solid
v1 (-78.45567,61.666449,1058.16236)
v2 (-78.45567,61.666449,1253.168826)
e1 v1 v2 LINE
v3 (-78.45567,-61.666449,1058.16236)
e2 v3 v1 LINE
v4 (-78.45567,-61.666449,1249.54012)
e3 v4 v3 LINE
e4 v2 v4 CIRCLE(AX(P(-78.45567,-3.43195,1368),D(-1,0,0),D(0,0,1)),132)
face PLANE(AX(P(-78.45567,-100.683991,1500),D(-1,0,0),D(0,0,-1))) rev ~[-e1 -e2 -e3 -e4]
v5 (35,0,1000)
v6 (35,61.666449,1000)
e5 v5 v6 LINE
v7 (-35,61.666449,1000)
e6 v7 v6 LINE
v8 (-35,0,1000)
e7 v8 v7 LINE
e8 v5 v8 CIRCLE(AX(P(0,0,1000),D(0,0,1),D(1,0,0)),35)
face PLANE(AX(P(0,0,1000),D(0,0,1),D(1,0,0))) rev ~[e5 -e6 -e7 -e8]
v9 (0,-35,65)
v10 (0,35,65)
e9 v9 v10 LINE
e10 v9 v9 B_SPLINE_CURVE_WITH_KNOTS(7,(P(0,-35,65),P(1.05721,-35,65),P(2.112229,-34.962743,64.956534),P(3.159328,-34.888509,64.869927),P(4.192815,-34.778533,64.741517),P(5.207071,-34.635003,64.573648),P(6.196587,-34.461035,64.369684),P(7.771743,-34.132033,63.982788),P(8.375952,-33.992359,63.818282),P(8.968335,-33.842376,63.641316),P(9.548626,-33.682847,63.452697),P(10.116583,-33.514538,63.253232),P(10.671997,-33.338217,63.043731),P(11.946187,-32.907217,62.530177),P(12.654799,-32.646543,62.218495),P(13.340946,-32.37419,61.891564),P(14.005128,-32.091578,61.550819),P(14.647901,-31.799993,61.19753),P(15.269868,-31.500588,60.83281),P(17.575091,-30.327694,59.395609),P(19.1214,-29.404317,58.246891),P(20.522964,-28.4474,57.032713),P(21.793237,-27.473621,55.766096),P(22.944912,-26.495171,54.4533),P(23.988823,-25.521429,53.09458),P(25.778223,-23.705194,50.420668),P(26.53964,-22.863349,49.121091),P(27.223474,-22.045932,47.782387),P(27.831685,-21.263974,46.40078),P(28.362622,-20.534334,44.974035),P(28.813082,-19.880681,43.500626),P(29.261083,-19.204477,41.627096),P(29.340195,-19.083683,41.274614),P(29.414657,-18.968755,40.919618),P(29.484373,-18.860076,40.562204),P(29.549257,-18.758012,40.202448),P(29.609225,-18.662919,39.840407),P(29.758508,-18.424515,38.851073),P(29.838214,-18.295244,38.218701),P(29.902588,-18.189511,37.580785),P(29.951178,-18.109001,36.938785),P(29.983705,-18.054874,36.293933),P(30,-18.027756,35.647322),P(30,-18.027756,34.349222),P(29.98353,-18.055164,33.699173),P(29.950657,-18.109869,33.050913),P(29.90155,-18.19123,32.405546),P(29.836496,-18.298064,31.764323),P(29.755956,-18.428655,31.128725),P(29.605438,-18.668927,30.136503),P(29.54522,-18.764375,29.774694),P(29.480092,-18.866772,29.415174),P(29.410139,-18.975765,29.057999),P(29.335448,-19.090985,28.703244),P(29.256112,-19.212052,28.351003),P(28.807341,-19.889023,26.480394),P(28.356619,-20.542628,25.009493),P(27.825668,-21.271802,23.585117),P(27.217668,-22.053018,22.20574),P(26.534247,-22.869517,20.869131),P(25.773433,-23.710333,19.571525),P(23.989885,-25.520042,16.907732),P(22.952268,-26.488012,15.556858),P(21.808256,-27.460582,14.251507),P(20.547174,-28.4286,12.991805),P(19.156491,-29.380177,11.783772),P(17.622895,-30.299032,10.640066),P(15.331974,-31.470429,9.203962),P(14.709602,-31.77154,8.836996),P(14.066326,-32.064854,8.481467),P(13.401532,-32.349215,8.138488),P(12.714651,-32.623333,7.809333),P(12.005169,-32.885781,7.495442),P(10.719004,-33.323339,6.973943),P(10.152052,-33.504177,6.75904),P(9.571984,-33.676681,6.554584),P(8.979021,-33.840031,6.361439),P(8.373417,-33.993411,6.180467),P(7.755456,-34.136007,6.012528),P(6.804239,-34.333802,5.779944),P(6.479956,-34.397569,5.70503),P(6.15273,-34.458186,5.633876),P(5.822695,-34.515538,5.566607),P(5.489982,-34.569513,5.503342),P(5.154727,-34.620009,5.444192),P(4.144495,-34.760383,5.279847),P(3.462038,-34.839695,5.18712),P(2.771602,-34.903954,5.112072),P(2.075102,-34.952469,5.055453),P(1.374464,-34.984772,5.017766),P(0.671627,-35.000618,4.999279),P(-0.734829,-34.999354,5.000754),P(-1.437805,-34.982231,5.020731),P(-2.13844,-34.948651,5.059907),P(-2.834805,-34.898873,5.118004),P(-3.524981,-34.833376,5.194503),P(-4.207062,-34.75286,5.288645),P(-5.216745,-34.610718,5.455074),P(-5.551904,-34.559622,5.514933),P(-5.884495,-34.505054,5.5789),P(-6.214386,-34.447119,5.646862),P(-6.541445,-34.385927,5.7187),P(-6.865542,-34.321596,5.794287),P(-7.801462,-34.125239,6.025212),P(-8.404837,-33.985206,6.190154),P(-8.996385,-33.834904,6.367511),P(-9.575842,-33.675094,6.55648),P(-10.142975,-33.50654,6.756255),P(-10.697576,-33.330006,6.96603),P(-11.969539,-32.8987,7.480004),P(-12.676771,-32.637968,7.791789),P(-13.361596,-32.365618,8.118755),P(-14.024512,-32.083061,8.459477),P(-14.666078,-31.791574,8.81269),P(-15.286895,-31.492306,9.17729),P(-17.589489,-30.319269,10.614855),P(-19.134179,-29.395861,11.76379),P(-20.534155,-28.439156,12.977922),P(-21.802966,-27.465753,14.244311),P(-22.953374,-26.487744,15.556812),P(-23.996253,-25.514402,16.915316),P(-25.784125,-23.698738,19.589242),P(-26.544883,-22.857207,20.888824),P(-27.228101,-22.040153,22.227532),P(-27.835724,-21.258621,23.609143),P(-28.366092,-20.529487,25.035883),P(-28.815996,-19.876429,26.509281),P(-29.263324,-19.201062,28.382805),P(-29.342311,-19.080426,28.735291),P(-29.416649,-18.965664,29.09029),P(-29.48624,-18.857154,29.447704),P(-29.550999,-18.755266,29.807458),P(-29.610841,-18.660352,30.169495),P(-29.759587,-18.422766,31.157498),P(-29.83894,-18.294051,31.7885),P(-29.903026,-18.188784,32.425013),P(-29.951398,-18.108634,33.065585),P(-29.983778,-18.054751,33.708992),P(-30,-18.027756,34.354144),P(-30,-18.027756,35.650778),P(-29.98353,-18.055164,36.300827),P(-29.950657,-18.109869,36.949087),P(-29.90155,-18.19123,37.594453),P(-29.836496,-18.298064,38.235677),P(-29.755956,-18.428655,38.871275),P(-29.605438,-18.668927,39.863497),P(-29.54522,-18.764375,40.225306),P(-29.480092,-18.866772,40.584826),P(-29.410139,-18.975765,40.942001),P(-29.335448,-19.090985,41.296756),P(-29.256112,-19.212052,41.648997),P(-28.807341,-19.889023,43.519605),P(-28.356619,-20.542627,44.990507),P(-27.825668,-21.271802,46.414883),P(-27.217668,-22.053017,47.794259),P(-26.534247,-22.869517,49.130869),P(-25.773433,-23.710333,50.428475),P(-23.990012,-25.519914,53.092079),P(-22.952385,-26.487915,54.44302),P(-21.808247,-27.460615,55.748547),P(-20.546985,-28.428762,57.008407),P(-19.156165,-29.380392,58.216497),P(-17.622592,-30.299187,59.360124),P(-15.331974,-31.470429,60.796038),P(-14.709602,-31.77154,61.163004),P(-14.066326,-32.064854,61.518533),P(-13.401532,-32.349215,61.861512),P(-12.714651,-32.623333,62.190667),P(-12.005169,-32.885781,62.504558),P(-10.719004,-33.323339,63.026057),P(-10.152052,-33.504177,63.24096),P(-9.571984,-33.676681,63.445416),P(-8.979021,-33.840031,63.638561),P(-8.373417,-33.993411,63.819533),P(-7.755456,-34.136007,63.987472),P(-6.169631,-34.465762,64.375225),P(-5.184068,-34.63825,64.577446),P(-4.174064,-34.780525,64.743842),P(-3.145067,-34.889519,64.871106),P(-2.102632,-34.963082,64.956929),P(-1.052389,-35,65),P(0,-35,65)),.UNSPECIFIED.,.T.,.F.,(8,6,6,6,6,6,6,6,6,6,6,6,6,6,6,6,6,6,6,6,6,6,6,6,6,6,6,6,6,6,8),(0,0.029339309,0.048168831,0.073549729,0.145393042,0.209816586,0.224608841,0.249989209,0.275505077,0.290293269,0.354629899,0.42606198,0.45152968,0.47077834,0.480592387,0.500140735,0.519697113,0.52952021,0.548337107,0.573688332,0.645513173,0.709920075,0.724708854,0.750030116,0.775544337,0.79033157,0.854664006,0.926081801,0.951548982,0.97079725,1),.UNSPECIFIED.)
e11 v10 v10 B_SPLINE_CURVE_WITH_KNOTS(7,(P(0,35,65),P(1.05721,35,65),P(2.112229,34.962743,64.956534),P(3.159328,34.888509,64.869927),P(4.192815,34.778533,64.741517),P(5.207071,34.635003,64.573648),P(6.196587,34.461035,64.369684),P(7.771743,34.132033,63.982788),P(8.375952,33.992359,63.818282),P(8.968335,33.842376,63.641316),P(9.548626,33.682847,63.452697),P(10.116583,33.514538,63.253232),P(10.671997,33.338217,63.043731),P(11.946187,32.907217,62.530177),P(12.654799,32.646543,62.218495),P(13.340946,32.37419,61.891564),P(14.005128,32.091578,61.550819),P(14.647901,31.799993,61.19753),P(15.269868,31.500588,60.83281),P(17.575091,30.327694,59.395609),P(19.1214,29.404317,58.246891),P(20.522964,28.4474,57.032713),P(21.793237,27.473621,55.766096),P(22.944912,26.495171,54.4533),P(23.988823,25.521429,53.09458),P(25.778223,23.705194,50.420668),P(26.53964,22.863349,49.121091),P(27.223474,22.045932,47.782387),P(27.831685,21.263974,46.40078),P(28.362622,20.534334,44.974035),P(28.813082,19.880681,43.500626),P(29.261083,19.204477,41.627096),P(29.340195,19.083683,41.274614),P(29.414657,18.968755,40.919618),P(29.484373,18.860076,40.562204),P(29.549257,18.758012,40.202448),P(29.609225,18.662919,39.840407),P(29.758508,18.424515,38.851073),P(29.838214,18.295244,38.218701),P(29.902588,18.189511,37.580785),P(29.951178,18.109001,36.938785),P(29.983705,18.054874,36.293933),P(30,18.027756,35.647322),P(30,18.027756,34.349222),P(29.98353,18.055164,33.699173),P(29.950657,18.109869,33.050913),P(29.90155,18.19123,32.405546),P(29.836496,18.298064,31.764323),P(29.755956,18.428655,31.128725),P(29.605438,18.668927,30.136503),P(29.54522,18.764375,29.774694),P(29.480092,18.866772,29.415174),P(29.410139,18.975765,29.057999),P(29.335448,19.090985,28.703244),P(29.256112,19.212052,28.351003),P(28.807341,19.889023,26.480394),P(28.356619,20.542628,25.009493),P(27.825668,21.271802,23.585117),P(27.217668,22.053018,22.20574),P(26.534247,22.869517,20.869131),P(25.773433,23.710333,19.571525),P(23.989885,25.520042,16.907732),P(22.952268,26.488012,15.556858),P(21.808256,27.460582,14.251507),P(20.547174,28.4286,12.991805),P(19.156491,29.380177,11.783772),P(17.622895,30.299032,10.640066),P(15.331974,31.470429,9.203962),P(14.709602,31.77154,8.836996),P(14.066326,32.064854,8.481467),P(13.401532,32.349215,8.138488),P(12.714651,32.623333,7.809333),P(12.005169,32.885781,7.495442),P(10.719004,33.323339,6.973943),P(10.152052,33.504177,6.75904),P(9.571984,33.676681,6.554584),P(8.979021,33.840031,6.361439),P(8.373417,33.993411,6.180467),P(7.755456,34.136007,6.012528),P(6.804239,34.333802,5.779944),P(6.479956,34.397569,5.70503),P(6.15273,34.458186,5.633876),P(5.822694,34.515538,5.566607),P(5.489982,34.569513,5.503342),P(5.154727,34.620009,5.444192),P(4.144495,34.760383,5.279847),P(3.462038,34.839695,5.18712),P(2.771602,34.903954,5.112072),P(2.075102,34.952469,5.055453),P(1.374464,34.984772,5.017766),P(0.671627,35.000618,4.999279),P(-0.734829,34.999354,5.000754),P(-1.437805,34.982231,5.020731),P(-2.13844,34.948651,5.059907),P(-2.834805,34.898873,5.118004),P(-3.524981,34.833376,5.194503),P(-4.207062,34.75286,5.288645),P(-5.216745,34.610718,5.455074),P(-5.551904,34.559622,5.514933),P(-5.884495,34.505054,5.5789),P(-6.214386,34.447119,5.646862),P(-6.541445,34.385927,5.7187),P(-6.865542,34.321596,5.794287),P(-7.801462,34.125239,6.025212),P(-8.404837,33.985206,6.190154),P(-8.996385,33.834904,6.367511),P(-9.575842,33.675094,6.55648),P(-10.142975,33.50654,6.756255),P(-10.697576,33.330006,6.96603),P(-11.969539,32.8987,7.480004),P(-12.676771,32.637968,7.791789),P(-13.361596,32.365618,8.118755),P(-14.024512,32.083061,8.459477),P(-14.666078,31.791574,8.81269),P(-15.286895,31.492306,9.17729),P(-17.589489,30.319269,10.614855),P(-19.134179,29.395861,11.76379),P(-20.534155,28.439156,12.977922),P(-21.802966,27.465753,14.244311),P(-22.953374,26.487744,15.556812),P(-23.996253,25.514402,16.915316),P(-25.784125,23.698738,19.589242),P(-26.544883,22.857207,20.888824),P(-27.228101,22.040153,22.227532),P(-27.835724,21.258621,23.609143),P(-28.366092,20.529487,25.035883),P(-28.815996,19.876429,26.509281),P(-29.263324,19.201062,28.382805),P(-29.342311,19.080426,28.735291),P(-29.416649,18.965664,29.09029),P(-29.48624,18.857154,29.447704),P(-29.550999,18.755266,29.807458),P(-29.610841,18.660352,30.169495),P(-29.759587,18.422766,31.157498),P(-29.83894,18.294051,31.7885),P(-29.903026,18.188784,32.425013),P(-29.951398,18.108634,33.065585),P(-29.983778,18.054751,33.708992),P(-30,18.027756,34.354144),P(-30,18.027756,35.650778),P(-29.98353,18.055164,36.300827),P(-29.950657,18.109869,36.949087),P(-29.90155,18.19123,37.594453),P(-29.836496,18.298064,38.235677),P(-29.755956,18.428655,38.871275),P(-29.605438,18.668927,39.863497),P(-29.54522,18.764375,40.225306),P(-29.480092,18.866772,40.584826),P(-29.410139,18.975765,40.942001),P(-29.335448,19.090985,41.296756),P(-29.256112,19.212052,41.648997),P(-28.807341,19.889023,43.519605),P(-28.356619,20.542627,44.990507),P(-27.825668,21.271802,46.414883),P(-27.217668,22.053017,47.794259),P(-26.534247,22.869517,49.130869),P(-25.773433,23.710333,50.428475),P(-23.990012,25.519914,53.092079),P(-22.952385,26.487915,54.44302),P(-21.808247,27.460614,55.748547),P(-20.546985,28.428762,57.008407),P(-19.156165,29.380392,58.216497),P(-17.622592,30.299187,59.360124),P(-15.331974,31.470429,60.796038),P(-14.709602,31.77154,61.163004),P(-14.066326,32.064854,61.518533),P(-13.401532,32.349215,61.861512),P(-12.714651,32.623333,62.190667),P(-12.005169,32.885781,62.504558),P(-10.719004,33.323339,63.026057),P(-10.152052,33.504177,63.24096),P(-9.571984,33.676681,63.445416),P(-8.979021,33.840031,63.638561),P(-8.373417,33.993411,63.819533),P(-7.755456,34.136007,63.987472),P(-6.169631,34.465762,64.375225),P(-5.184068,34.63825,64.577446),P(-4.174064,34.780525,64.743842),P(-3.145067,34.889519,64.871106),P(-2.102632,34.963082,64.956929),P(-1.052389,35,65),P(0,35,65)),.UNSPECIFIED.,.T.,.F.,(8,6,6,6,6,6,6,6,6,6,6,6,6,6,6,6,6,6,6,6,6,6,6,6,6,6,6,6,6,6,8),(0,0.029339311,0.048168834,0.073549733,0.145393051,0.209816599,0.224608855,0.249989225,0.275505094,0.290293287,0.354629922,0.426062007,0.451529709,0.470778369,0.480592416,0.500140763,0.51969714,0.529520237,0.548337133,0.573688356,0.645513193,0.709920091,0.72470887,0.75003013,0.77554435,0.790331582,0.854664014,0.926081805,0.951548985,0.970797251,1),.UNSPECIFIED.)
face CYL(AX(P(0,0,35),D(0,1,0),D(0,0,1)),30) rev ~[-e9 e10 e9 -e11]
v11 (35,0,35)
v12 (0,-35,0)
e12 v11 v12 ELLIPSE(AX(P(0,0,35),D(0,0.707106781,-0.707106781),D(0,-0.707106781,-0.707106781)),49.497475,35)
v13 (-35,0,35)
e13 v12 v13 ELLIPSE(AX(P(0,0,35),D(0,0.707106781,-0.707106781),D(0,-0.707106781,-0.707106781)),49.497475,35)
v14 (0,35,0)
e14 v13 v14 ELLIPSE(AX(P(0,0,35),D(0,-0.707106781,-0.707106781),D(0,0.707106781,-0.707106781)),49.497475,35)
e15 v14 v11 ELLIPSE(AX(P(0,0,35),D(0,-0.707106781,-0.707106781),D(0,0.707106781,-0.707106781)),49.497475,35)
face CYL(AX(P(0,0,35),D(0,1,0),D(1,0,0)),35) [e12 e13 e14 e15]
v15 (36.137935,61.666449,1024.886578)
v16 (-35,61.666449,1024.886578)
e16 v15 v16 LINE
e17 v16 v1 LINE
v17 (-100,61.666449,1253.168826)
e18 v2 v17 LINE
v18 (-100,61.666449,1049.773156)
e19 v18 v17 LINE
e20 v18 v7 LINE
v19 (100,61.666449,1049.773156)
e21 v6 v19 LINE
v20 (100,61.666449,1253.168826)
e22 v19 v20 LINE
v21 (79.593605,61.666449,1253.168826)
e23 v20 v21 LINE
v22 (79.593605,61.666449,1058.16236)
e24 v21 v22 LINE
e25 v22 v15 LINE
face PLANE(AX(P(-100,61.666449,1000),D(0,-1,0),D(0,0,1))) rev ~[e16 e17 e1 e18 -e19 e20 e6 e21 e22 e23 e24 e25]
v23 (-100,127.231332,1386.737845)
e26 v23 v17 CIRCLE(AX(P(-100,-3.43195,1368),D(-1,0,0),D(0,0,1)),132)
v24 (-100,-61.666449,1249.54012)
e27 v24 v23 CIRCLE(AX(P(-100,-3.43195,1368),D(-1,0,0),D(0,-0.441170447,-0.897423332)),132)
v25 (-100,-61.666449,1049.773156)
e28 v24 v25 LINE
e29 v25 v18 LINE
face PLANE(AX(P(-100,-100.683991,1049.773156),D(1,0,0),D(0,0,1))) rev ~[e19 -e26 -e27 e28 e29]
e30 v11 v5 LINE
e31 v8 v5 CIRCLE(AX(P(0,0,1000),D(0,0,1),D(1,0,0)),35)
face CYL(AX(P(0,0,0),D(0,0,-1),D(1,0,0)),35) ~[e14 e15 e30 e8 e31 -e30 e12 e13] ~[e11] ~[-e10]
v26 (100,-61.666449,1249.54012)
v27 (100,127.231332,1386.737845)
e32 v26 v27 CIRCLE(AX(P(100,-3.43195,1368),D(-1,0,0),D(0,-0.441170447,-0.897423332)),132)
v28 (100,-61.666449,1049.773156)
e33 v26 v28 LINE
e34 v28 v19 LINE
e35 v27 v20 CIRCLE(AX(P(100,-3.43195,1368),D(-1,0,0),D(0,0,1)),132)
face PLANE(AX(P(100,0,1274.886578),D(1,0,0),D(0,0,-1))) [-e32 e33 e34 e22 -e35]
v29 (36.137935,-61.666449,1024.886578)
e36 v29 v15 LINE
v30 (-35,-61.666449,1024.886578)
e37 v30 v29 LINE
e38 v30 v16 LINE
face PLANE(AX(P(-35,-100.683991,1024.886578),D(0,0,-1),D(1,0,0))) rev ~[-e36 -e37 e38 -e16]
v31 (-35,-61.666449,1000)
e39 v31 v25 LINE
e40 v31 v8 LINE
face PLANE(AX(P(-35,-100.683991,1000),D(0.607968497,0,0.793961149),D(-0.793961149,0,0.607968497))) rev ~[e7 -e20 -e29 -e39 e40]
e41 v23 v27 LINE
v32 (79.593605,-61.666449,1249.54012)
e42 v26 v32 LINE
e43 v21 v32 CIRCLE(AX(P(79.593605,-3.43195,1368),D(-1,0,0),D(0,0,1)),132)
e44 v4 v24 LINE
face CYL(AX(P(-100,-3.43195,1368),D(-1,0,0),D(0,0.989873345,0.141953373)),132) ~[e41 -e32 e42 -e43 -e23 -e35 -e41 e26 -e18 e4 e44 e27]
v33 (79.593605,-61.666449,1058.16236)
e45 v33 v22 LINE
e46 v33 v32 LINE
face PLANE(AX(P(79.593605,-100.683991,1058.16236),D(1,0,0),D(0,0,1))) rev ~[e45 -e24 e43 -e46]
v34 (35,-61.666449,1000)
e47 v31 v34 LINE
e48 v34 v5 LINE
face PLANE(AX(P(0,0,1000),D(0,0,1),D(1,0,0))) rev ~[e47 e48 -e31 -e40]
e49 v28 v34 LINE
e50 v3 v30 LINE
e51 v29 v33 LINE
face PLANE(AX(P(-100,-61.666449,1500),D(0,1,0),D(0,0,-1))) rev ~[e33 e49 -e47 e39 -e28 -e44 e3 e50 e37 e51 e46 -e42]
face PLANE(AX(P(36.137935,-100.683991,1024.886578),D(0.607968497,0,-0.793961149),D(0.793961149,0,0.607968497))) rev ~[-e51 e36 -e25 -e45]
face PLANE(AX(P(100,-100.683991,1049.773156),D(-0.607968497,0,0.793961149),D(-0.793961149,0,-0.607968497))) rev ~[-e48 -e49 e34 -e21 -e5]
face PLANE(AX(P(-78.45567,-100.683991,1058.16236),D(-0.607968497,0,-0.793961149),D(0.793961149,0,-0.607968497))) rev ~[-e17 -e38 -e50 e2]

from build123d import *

# Parameters (mm, degrees)
SKETCH1_R           = 35.00000000000001
BOSS_EXTRUDE1_DEPTH = 1000
CUT_EXTRUDE1_DEPTH  = 750
SKETCH22_R          = 30
CUT_EXTRUDE2_DEPTH  = 750
SKETCH23_W          = 366.89615803266116
SKETCH23_H          = 201.36798200180615
BOSS_EXTRUDE2_DEPTH = 500
CUT_EXTRUDE4_DEPTH  = 500
SKETCH26_W          = 450.22684379892416
SKETCH26_H          = 39.01754234256356
CUT_EXTRUDE5_DEPTH  = 500
BOSS_EXTRUDE3_REACH = 1516.531
SKETCH27_R          = 131.99999999999994
CUT_EXTRUDE8_DEPTH  = 1520.3228139489233


with BuildPart() as part:
    # Sketch1 → Boss-Extrude1 (new body)
    with BuildSketch(Plane.XY):
        Circle(SKETCH1_R)
    extrude(amount=BOSS_EXTRUDE1_DEPTH)

    # Sketch21 → Cut-Extrude1 (cut, symmetric)
    with BuildSketch(Plane(origin=(0, 0, 0), x_dir=(1, 0, 0), z_dir=(0, 1, 0))):
        with BuildLine():
            ThreePointArc((0, 0), (-24.748737341529168, -10.251262658470836), (-35.00000000000001, -35.00000000000001))
            Line((-35.00000000000001, -35.00000000000001), (-35.00000000000001, 14.56189922191023))
            Line((-35.00000000000001, 14.56189922191023), (35.00000000000001, 14.56189922191023))
            Line((35.00000000000001, 14.56189922191023), (35.00000000000001, -35.000000000000085))
            ThreePointArc((35.00000000000001, -35.000000000000085), (24.748737341529196, -10.251262658470868), (0, 0))
        make_face()
    extrude(amount=CUT_EXTRUDE1_DEPTH, both=True, mode=Mode.SUBTRACT)

    # Sketch22 → Cut-Extrude2 (cut, symmetric)
    with BuildSketch(Plane(origin=(0, 0, 0), x_dir=(1, 0, 0), z_dir=(0, 1, 0))):
        with Locations(Location((0, -34.999999999999964, 0), (0, 0, 270))):
            Circle(SKETCH22_R)
    extrude(amount=CUT_EXTRUDE2_DEPTH, both=True, mode=Mode.SUBTRACT)

    # Sketch23 → Boss-Extrude2 (add)
    with BuildSketch(Plane.XY.offset(1000)):
        Rectangle(SKETCH23_W, SKETCH23_H)
    extrude(amount=BOSS_EXTRUDE2_DEPTH)

    # Sketch24 → Cut-Extrude4 (cut)
    with BuildSketch(Plane.XZ.offset(100.68399100090306)):
        Polygon((79.59360487116518, 1500), (-78.45567005550114, 1500), (-78.45567005550113, 1058.1623604619979), (-34.99999999999988, 1024.8865781005384), (36.137934815664146, 1024.8865781005381), (79.59360487116518, 1058.1623604619977), align=None)
        Polygon((-100, 1049.7731562010758), (-100, 1500), (-183.44807901633058, 1500), (-183.44807901633058, 1000), (-35, 1000), align=None)
        Polygon((100, 1049.7731562010758), (35.00000000000001, 1000), (183.44807901633058, 1000), (183.44807901633058, 1500), (100, 1500), align=None)
    extrude(amount=-CUT_EXTRUDE4_DEPTH, mode=Mode.SUBTRACT)

    # Sketch26 → Cut-Extrude5 (cut)
    with BuildSketch(Plane.ZY.offset(100)):
        with Locations((1274.886578100538, 81.1752198296213)):
            Rectangle(SKETCH26_W, SKETCH26_H)
        Polygon((1000, 61.66644865833952), (1049.7731562010758, 61.66644865833952), (1049.7731562010758, 100.68399100090308), (1024.8865781005381, 100.68399100090308), (1000, 100.68399100090308), align=None)
        Polygon((1500, -100.68399100090306), (1500, -61.666448658339505), (1049.7731562010758, -61.666448658339505), (1049.7731562010758, -100.68399100090305), align=None)
        Polygon((1049.7731562010758, -100.68399100090305), (1049.7731562010758, -61.66644865833949), (1000, -61.666448658339505), (1000, -100.68399100090306), align=None)
    extrude(amount=-CUT_EXTRUDE5_DEPTH, mode=Mode.SUBTRACT)

    # Boss-Extrude3: up to this face of the body (flat: up to its plane)
    boss_extrude3_end = Plane(part.part.faces().sort_by_distance((100, 0, 1274.886578101))[0])
    # Sketch27 → Boss-Extrude3 (add, up to the picked face)
    with BuildSketch(Plane.ZY.offset(100), mode=Mode.PRIVATE) as boss_extrude3_sk1:
        with Locations((1368, -3.431949648798167)):
            Circle(SKETCH27_R)
    boss_extrude3_tool1 = split(extrude(boss_extrude3_sk1.sketch, amount=-BOSS_EXTRUDE3_REACH, mode=Mode.PRIVATE), bisect_by=boss_extrude3_end, keep=Keep.BOTH, mode=Mode.PRIVATE)
    add(boss_extrude3_tool1.solids().sort_by(Axis((-100, -3.43195, 1368), (1, 0, 0)))[0])

    # Sketch28 → Cut-Extrude8 (cut, through all)
    with BuildSketch(Plane.ZY.offset(100)):
        with BuildLine():
            Line((1576.6741063083334, 113.68167915660561), (1386.7378452368366, 127.23133194125066))
            ThreePointArc((1386.7378452368366, 127.2313319412505), (1442.39663439627, 105.60538703230257), (1482.8311740680433, 61.66644865833952))
            Line((1482.8311740680433, 61.66644865833952), (1500, 61.66644865833952))
            Line((1500, 61.66644865833953), (1500, -3.4319477522261153))
            Line((1500, -3.4319477522261153), (1500, -61.666448658339505))
            Line((1500, -61.666448658339505), (1486.4598798121447, -61.666448658339505))
            ThreePointArc((1486.4598798121447, -61.666448658339476), (1437.7748025104354, -115.48317425000337), (1368, -135.43194964879822))
            Line((1368, -135.4319496487982), (1367.9999999999998, -201.07935807583712))
            Line((1367.9999999999998, -201.07935807583712), (1604.9218917009885, -125.07936404321737))
            Line((1604.9218917009885, -125.07936404321737), (1576.6741063083334, 113.68167915660561))
        make_face()
        with BuildLine():
            Line((1500, -61.666448658339505), (1500, -3.4319477522261153))
            ThreePointArc((1500, -3.431947752226116), (1496.5704169816079, -33.32589346983822), (1486.4598798121447, -61.666448658339476))
            Line((1486.4598798121447, -61.666448658339505), (1500, -61.666448658339505))
        make_face()
        with BuildLine():
            Line((1500, 61.66644865833952), (1482.8311740680433, 61.66644865833952))
            ThreePointArc((1482.8311740680433, 61.66644865833952), (1495.63564324576, 30.23023348362874), (1500, -3.431947752226116))
            Line((1500, -3.4319477522261153), (1500, 61.66644865833953))
        make_face()
    extrude(amount=-CUT_EXTRUDE8_DEPTH, mode=Mode.SUBTRACT)


solid = part.part
